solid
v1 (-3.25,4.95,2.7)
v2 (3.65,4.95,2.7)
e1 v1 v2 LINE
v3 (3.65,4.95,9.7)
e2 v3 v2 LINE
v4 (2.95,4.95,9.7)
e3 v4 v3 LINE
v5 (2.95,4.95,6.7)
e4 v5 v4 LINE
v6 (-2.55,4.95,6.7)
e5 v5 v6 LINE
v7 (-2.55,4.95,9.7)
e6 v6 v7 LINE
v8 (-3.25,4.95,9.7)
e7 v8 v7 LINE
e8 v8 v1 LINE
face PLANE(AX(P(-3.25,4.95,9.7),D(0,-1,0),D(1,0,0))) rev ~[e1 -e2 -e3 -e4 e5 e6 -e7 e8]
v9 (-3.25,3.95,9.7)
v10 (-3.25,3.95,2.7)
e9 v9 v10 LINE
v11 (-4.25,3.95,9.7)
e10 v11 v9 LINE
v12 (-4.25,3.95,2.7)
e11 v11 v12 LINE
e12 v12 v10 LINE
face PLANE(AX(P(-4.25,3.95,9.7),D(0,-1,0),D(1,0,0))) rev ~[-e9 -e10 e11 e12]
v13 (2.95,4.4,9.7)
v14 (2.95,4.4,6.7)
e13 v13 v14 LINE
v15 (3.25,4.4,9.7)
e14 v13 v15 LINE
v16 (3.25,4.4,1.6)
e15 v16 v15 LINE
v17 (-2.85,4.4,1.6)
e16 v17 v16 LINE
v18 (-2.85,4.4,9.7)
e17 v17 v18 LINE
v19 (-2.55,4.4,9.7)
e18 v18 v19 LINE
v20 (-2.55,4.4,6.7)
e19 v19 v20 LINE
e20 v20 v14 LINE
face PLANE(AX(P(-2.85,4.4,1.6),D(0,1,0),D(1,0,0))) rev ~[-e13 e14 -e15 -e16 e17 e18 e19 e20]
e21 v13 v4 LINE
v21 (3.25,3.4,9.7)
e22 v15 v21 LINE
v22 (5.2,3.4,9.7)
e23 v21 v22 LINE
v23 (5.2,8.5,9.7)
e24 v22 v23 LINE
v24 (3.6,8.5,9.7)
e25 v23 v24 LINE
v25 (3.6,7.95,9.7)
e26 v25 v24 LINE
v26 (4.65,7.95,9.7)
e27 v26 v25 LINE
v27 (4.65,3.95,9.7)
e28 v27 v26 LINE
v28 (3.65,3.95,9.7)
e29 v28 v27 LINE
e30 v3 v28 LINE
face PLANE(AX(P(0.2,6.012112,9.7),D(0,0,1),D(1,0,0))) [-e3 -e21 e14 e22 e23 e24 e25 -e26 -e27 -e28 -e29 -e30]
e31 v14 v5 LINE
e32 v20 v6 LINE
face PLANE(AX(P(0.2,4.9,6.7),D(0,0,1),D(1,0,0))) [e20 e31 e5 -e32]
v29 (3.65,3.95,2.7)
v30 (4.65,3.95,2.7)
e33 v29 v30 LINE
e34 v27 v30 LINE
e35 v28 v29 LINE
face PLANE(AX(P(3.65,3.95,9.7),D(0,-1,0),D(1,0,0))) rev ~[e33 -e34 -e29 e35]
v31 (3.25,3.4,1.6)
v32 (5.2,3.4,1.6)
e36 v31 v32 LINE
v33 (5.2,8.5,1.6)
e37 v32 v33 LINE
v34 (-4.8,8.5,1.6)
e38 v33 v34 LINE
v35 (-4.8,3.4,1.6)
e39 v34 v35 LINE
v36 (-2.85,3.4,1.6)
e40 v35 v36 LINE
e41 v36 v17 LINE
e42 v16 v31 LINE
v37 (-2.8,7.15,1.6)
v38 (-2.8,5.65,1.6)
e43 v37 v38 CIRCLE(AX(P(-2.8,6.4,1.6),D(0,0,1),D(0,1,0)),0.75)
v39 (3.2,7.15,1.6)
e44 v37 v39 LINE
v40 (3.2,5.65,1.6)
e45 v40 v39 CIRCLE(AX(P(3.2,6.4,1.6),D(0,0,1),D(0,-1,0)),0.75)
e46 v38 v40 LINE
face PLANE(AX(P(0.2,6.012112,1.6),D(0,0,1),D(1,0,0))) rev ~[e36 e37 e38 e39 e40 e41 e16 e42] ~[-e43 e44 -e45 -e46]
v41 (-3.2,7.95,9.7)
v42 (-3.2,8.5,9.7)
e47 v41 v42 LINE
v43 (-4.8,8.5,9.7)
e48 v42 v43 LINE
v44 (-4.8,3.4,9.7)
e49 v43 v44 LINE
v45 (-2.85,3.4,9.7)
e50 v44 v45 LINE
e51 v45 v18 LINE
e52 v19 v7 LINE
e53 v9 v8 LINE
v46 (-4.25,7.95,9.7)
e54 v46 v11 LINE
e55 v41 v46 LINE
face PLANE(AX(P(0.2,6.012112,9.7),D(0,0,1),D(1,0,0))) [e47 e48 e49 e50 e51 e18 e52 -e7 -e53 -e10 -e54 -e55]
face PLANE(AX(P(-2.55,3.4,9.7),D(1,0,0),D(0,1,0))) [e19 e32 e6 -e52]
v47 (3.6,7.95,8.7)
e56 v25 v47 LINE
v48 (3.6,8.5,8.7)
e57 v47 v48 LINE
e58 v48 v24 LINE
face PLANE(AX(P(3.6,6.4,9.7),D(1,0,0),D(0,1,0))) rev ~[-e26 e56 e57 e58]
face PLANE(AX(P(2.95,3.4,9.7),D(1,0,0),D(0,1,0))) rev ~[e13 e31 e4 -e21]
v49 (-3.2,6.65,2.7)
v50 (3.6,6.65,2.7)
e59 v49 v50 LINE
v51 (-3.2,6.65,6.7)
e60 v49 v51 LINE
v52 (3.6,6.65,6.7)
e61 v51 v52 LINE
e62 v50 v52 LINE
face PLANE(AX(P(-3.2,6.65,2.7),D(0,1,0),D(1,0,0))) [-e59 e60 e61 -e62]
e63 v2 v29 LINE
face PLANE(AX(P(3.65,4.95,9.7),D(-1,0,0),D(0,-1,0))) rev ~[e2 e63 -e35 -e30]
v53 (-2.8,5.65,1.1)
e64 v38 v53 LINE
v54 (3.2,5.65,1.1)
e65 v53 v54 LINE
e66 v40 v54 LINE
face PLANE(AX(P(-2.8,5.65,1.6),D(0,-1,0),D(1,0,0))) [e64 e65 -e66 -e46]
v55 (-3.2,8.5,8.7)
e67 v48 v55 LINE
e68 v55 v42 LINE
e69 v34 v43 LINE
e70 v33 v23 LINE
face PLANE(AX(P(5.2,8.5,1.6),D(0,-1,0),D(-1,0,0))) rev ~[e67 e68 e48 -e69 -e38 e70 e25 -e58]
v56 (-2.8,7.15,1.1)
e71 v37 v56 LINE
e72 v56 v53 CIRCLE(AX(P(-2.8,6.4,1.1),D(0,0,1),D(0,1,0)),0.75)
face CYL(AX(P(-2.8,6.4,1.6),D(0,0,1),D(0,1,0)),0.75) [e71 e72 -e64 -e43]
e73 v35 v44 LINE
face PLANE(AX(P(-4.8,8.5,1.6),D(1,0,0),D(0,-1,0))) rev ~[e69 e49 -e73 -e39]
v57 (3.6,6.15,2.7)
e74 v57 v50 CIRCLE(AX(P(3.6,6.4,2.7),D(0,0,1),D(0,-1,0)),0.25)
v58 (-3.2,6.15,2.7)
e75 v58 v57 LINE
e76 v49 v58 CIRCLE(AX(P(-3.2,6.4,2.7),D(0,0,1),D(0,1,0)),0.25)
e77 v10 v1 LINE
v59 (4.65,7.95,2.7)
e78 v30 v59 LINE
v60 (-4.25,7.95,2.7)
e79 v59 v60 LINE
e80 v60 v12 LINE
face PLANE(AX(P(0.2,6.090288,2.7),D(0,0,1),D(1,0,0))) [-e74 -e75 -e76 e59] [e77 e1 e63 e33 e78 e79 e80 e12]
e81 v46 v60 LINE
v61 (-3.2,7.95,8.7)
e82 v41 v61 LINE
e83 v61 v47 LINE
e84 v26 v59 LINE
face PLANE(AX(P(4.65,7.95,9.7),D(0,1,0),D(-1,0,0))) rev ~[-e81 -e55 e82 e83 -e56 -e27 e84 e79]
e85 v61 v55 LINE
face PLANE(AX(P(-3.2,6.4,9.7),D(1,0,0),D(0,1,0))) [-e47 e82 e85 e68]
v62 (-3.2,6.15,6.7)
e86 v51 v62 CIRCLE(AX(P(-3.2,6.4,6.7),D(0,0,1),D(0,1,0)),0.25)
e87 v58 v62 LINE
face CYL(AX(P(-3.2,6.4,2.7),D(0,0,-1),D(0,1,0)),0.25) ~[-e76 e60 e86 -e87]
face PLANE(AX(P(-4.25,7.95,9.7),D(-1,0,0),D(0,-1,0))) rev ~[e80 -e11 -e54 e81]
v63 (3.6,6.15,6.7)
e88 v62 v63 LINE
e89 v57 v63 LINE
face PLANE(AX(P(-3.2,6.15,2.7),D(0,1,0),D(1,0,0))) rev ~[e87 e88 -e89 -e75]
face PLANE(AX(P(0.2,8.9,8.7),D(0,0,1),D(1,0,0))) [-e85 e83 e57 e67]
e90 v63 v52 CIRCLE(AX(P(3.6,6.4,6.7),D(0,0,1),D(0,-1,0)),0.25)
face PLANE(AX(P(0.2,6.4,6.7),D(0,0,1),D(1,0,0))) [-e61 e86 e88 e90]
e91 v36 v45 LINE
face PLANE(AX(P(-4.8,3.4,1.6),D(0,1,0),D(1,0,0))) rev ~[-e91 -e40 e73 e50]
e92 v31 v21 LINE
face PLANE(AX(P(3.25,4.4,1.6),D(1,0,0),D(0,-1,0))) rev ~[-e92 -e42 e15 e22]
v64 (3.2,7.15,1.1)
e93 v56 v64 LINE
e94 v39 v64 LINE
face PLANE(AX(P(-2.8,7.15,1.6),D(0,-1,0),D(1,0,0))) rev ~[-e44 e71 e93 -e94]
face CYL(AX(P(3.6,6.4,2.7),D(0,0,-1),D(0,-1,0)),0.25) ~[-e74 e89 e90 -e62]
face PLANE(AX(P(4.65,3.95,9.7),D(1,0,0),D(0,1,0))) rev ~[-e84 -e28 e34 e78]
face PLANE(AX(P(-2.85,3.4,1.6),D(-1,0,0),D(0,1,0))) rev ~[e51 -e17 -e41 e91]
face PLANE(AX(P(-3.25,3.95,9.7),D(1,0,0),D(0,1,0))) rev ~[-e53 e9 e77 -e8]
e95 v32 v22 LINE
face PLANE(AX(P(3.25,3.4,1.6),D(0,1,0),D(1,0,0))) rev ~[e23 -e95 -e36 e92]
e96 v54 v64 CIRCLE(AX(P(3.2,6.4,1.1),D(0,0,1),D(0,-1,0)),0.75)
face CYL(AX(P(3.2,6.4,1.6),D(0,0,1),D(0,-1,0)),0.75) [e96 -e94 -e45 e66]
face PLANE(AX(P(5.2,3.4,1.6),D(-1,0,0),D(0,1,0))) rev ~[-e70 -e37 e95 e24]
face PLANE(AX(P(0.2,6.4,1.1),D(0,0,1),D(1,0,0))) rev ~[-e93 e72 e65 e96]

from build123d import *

# Parameters (mm, degrees)
PAD005_DEPTH    = 8.1
POCKET003_DEPTH = 7
SKETCH010_W     = 6.8
SKETCH010_H     = 5
POCKET004_DEPTH = 1
SKETCH011_W     = 5.5
SKETCH011_H     = 3
POCKET005_DEPTH = 3
PAD006_DEPTH    = 4
PAD007_DEPTH    = 0.5


with BuildPart() as part:
    # Sketch008 → Pad005 (new body)
    with BuildSketch(Plane.XY):
        Polygon((-5, 0), (-3.05, 0), (-3.05, 1), (3.05, 1), (3.05, 0), (5, 0), (5, 5.1), (-5, 5.1), align=None)
    extrude(amount=PAD005_DEPTH)

    # Sketch009 (on Face10 of Pad005) → Pocket003 (cut)
    with BuildSketch(Plane.XY.offset(8.1)):
        Polygon((-4.45, 0.55), (-3.45, 0.55), (-3.45, 1.55), (3.45, 1.55), (3.45, 0.55), (4.45, 0.55), (4.45, 4.55), (-4.45, 4.55), align=None)
    extrude(amount=-POCKET003_DEPTH, mode=Mode.SUBTRACT)

    # Sketch010 (on Face5 of Pocket003) → Pocket004 (cut)
    with BuildSketch(Plane.XY.offset(8.1)):
        with Locations((0, 5.5)):
            Rectangle(SKETCH010_W, SKETCH010_H)
    extrude(amount=-POCKET004_DEPTH, mode=Mode.SUBTRACT)

    # Sketch011 (on Face5 of Pocket004) → Pocket005 (cut)
    with BuildSketch(Plane.XY.offset(8.1)):
        with Locations((0, 1.5)):
            Rectangle(SKETCH011_W, SKETCH011_H)
    extrude(amount=-POCKET005_DEPTH, mode=Mode.SUBTRACT)

    # Sketch012 (on Face26 of Pocket005) → Pad006 (join)
    with BuildSketch(Plane.XY.offset(1.1)):
        with BuildLine():
            ThreePointArc((-3.4, 3.25), (-3.65, 3), (-3.4, 2.75))
            Line((-3.4, 2.75), (3.4, 2.75))
            ThreePointArc((3.4, 2.75), (3.65, 3), (3.4, 3.25))
            Line((-3.4, 3.25), (3.4, 3.25))
        make_face()
    extrude(amount=PAD006_DEPTH)

    # Sketch013 → Pad007 (join)
    with BuildSketch(Plane.XY):
        with BuildLine():
            ThreePointArc((-3, 3.75), (-3.75, 3), (-3, 2.25))
            Line((-3, 2.25), (3, 2.25))
            ThreePointArc((3, 2.25), (3.75, 3), (3, 3.75))
            Line((-3, 3.75), (3, 3.75))
        make_face()
    extrude(amount=-PAD007_DEPTH)


with BuildPart() as part_1:
    # Body005 placement: moved
    add(part.part.moved(Location((0.2, 3.4, 1.6))))


solid = part_1.part
